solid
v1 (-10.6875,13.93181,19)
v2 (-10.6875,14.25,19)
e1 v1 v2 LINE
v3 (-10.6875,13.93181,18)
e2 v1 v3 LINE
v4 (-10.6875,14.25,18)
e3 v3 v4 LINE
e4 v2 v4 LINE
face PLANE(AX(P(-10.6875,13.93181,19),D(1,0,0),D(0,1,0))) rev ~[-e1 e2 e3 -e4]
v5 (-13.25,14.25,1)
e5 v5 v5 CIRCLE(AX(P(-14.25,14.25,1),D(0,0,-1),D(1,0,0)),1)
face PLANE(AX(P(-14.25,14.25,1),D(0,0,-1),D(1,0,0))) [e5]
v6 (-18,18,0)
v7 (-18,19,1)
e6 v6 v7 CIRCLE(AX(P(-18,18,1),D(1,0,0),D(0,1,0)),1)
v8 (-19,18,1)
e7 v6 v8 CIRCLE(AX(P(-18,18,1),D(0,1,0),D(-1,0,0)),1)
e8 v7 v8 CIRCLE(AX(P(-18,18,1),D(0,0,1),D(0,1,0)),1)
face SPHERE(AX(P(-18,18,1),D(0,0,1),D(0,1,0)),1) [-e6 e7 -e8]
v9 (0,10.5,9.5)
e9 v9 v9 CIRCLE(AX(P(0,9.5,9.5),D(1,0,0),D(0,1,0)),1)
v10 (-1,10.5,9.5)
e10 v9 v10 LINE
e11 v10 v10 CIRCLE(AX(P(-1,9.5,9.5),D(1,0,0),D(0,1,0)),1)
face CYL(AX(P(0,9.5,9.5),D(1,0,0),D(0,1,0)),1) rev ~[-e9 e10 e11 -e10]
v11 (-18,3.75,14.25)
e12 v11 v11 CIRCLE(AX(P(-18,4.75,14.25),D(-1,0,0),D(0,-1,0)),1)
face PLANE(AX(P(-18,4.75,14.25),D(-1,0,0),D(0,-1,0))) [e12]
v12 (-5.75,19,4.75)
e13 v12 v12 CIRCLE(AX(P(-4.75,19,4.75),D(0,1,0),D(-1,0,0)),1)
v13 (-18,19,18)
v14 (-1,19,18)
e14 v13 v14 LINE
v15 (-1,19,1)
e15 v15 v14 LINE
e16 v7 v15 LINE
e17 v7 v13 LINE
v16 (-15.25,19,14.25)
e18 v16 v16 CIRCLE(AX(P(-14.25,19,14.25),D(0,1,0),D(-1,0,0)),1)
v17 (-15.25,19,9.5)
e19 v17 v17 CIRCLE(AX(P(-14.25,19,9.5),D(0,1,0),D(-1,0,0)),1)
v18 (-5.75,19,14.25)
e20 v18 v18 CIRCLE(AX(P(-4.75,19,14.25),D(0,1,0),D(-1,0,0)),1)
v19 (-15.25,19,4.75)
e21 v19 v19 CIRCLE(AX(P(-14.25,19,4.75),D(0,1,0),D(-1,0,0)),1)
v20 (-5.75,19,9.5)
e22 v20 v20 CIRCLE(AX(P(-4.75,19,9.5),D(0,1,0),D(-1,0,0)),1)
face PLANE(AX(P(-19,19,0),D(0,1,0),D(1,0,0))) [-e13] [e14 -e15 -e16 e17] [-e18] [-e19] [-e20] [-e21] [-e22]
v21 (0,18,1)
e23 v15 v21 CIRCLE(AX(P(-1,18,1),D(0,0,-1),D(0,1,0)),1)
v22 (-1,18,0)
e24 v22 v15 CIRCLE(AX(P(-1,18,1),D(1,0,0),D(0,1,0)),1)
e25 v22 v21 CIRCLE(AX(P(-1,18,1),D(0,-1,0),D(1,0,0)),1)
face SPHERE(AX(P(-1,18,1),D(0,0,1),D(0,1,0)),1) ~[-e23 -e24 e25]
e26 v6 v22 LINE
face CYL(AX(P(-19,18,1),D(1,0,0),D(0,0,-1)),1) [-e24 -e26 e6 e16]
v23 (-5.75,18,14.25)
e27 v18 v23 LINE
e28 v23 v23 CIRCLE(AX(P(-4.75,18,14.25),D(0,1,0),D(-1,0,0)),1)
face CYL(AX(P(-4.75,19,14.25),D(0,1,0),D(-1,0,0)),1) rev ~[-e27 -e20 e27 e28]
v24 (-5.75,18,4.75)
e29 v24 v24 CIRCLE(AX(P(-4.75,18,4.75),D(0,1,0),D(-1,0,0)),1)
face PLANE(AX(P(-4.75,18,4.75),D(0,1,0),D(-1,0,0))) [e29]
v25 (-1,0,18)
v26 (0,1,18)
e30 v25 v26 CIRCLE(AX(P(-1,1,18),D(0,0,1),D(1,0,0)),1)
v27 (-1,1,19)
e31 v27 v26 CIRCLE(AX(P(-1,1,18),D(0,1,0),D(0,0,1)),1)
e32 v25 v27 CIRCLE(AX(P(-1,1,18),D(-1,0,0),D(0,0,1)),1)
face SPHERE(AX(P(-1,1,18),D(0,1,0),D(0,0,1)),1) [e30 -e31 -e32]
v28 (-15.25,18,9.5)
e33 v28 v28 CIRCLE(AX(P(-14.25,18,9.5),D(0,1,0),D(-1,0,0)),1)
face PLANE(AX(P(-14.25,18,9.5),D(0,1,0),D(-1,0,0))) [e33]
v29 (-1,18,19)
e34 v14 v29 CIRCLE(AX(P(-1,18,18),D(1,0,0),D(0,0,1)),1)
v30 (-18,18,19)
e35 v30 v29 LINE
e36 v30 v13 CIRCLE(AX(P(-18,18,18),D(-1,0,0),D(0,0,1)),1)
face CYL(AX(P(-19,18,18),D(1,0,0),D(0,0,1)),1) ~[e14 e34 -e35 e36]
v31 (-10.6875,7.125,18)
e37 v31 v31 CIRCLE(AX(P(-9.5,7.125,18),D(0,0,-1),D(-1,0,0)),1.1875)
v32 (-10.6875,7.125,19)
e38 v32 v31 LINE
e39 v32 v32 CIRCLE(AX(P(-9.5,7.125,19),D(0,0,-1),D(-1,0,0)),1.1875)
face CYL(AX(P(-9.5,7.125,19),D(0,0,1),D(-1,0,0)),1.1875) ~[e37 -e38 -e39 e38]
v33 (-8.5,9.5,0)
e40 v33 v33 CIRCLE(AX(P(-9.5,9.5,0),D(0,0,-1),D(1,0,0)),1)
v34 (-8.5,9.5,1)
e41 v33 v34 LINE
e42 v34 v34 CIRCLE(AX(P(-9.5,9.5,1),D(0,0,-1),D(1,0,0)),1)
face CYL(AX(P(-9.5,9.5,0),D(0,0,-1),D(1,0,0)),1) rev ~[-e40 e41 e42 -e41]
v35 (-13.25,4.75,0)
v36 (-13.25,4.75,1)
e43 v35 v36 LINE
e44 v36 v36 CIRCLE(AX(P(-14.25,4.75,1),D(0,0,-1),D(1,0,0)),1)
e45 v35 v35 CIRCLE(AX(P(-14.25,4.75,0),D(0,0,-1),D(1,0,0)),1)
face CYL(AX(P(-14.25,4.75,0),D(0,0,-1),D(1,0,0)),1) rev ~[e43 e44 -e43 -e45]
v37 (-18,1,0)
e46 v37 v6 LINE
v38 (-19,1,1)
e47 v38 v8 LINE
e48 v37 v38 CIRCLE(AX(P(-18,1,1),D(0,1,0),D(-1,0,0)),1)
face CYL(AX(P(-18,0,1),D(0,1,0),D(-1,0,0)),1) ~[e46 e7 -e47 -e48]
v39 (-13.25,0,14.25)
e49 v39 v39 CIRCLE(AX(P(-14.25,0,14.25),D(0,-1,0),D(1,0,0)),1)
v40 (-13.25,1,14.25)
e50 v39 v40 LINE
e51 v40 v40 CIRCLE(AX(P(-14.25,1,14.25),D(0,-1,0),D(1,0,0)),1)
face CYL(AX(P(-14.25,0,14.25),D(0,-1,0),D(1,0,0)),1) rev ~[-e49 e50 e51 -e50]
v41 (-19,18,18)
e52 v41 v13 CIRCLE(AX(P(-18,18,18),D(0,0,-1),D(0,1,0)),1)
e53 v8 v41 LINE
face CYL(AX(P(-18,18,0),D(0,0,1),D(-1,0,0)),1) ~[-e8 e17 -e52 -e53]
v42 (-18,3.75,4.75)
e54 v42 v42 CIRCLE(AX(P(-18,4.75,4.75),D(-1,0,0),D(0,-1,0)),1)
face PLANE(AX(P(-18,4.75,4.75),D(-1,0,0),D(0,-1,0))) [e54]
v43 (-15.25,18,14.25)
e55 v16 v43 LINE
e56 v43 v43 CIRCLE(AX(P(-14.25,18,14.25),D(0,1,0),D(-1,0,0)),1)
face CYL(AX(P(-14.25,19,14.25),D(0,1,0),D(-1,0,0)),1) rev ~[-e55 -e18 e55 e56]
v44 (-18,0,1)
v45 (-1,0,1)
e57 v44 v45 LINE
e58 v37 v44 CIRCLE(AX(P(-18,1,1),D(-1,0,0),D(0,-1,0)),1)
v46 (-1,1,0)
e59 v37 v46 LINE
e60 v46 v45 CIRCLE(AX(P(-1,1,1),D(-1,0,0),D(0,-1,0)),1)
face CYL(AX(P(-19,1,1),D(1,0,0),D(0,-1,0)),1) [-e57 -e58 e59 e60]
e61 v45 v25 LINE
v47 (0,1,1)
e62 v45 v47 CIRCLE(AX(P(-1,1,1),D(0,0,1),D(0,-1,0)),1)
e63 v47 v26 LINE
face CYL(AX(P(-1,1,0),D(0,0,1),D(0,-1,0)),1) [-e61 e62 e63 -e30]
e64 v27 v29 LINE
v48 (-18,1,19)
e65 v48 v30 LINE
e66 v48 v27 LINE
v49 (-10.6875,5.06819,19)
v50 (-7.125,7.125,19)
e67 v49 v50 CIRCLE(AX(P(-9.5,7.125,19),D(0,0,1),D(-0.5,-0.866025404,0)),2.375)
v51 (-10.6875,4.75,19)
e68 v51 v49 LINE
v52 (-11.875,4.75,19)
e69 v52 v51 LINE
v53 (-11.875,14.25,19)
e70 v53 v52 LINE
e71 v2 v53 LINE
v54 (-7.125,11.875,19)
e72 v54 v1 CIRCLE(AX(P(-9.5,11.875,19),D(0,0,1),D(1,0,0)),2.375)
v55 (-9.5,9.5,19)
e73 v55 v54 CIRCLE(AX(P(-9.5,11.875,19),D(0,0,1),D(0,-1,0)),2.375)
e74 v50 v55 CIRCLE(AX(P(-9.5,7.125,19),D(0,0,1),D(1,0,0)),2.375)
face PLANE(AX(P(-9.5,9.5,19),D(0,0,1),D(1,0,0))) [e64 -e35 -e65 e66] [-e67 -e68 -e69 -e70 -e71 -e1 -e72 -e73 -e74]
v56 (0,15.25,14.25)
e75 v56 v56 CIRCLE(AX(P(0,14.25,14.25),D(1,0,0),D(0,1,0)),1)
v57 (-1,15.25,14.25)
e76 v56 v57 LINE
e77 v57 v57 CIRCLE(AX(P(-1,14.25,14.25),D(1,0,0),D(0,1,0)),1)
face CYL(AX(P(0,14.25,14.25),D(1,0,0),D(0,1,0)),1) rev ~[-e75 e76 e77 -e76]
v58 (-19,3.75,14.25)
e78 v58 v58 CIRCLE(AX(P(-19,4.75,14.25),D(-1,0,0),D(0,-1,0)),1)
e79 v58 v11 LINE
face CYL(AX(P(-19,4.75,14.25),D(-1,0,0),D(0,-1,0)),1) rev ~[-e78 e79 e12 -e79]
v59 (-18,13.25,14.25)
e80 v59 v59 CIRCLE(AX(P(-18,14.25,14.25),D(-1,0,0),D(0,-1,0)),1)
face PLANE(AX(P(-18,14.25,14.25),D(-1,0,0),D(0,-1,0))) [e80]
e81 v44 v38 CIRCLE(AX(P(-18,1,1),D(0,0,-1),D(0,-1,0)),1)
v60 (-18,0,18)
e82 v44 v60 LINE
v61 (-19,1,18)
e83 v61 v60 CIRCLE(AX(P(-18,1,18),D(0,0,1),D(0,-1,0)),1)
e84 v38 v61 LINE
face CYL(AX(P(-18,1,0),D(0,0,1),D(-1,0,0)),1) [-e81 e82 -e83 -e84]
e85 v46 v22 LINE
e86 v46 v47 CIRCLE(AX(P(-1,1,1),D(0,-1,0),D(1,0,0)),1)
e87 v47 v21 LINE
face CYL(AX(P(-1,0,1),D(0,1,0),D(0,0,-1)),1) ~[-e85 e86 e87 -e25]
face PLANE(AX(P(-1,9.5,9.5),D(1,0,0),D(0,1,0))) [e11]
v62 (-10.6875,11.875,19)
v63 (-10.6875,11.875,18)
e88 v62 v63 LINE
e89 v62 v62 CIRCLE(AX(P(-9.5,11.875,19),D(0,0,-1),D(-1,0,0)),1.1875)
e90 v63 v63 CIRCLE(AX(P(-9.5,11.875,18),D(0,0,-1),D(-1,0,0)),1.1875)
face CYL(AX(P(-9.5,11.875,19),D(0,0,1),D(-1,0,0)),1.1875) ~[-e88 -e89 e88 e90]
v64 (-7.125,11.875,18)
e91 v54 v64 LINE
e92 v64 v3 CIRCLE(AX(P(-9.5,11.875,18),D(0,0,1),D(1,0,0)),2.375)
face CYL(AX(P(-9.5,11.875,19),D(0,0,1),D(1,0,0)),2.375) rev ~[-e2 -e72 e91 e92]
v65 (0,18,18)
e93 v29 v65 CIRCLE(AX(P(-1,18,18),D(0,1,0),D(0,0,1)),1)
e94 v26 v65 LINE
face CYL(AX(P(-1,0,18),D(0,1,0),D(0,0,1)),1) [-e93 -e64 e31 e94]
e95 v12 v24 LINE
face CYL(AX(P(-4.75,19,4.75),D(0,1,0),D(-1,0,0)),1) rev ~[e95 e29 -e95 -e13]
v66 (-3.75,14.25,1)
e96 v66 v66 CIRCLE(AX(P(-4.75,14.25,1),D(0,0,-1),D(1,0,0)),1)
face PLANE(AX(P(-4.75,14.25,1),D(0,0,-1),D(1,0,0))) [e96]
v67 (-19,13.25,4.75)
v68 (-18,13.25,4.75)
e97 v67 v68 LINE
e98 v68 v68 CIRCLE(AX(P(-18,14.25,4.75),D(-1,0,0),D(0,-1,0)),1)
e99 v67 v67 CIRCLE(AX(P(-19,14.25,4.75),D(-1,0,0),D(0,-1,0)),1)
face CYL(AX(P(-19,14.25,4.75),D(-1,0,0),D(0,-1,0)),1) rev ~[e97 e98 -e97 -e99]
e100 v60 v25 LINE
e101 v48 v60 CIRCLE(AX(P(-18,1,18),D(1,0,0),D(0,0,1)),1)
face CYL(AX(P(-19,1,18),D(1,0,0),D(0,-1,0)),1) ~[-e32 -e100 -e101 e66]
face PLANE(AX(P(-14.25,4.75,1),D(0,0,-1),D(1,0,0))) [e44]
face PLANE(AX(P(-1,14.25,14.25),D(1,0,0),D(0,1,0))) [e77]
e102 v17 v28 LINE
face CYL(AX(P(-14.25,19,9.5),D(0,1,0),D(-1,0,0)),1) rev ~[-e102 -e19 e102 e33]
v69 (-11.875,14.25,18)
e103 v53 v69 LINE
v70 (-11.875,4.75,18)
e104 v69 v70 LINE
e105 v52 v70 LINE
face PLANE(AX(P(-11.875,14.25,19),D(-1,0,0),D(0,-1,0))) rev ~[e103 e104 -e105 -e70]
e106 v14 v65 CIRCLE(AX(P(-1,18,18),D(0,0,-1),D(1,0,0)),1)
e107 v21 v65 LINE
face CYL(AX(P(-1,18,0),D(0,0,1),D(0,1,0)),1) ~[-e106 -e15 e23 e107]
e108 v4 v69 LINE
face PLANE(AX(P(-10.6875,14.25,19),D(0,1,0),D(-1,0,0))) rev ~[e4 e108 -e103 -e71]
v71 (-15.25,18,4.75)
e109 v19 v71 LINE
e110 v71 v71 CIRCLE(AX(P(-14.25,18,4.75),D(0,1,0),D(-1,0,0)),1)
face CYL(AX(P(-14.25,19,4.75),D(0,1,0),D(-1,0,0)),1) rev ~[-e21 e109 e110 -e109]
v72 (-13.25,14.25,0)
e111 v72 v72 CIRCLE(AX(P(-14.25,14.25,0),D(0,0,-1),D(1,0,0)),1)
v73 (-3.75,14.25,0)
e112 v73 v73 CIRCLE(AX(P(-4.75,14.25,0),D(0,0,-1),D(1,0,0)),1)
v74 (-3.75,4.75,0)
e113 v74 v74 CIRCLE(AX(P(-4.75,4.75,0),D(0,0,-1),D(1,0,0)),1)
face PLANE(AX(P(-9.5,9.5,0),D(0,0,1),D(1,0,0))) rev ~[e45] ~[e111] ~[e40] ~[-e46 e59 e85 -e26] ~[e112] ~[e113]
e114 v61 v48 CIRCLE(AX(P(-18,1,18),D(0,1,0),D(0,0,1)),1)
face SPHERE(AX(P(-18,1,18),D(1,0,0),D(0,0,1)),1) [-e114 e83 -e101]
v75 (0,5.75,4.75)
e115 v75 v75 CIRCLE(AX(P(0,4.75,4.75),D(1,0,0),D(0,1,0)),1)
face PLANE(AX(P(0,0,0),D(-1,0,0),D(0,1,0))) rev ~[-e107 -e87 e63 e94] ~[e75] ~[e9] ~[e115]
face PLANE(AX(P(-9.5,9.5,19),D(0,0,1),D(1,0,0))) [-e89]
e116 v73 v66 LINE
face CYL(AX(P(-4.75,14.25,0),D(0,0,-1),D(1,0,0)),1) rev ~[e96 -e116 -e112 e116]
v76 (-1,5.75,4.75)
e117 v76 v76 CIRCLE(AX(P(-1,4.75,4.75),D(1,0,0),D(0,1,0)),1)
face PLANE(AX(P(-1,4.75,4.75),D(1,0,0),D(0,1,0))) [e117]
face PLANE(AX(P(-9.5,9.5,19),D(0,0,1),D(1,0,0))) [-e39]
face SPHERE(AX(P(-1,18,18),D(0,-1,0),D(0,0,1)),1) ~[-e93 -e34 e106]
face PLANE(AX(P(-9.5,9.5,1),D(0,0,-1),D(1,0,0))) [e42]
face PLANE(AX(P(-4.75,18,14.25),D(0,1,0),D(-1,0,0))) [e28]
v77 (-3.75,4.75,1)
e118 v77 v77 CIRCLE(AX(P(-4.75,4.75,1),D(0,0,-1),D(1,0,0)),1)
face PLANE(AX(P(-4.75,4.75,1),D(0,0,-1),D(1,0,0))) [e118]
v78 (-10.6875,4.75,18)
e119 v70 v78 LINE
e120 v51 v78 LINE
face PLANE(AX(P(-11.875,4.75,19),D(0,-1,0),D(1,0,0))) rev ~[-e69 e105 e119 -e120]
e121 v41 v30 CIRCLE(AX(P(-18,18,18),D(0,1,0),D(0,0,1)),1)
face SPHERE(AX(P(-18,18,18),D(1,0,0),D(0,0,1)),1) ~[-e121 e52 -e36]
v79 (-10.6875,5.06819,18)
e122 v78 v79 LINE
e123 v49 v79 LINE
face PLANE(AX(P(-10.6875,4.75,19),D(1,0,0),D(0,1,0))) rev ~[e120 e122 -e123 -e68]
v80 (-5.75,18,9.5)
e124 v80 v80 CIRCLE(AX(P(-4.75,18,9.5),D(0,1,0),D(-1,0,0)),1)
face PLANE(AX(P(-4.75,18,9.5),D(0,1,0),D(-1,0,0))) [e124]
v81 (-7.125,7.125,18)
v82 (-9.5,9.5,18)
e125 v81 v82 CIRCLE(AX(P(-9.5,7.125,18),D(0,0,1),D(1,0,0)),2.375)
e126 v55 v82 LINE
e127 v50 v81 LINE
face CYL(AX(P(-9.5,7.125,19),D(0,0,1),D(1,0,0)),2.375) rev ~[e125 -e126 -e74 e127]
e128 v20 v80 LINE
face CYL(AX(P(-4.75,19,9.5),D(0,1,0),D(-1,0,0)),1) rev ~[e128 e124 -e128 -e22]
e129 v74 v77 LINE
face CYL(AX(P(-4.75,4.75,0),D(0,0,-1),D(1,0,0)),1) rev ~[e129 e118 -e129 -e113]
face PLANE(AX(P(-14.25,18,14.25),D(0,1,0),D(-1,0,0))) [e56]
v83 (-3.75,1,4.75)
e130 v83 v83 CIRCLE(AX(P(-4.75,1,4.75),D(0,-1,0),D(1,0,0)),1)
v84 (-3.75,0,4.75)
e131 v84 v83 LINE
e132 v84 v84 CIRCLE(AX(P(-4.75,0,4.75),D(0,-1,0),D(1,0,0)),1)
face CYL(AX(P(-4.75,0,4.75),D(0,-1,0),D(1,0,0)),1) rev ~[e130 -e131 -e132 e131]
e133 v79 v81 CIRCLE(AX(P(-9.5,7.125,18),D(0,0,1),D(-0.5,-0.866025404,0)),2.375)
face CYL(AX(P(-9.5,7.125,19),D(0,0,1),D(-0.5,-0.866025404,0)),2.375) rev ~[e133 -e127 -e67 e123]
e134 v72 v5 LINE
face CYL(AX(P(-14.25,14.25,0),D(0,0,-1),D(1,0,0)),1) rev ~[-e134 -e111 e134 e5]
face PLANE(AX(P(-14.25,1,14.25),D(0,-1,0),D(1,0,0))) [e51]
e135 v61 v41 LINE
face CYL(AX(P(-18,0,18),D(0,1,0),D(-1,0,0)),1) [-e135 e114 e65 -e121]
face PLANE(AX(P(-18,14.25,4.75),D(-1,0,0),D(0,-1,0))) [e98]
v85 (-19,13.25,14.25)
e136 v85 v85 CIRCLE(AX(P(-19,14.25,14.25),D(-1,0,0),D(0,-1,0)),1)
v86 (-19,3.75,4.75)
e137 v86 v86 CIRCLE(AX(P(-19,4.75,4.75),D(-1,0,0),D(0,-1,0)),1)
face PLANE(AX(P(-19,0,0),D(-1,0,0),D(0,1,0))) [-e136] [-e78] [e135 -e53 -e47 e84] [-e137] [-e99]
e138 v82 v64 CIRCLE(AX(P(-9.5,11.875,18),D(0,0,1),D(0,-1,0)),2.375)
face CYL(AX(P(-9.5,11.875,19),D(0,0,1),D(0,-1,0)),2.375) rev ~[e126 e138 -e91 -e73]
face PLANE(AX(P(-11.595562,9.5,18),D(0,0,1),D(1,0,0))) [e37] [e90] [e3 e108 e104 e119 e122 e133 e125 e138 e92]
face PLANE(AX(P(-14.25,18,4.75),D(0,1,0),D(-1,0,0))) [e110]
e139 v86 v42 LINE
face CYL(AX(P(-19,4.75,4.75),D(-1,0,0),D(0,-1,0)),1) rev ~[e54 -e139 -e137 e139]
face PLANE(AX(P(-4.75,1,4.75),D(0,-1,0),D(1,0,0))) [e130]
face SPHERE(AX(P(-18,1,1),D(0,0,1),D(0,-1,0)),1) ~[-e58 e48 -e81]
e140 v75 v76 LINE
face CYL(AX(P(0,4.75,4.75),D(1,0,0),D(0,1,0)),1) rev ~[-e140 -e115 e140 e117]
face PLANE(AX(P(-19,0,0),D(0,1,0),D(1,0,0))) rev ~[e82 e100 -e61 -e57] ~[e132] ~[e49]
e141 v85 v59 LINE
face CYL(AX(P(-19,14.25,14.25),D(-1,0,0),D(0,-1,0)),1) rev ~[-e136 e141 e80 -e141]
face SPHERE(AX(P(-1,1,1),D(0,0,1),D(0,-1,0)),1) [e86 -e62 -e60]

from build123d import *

# Parameters (mm, degrees)
F0_W      = 19
F0_H      = 19
F1_DEPTH  = 19
F3_DEPTH  = 1
F4_R      = 1
F5_DEPTH  = 1
F6_R      = 1
F7_DEPTH  = 1
F8_R      = 1
F9_DEPTH  = 1
F10_R     = 1
F11_DEPTH = 1
F12_R     = 1
F13_DEPTH = 1
F14_R     = 1


with BuildPart() as f1:
    # F0 (on Top) → F1 (new body)
    with BuildSketch(Plane.XY):
        with Locations((-9.5, 9.5)):
            Rectangle(F0_W, F0_H)
    extrude(amount=F1_DEPTH)

    # F2 (on face) → F3 (cut)
    with BuildSketch(Plane.XY.offset(19)):
        with BuildLine():
            ThreePointArc((-10.6875, 9.818189666), (-11.556810334, 10.6875), (-11.875, 11.875))
            Line((-11.875, 11.875), (-11.875, 7.125))
            ThreePointArc((-11.875, 7.125), (-11.556810334, 8.3125), (-10.6875, 9.181810334))
            Line((-10.6875, 9.181810334), (-10.6875, 9.818189666))
        make_face()
        with BuildLine():
            ThreePointArc((-10.6875, 13.931810334), (-11.556810334, 13.0625), (-11.875, 11.875))
            ThreePointArc((-11.875, 11.875), (-11.556810334, 10.6875), (-10.6875, 9.818189666))
            Line((-10.6875, 9.818189666), (-10.6875, 11.875))
            Line((-10.6875, 11.875), (-10.6875, 13.931810334))
        make_face()
        with BuildLine():
            ThreePointArc((-7.125, 11.875), (-8.3125, 13.931810334), (-10.6875, 13.931810334))
            Line((-10.6875, 13.931810334), (-10.6875, 11.875))
            Line((-10.6875, 11.875), (-10.6875, 9.818189666))
            ThreePointArc((-10.6875, 9.818189666), (-10.1146952321, 9.5809261626), (-9.5, 9.5))
            ThreePointArc((-9.5, 9.5), (-7.8206213947, 10.1956213947), (-7.125, 11.875))
        make_face()
        with BuildLine():
            ThreePointArc((-8.3125, 11.875), (-9.5, 10.6875), (-10.6875, 11.875))
            ThreePointArc((-10.6875, 11.875), (-9.5, 13.0625), (-8.3125, 11.875))
        make_face(mode=Mode.SUBTRACT)
        with BuildLine():
            ThreePointArc((-9.5, 9.5), (-10.1146952321, 9.4190738374), (-10.6875, 9.181810334))
            Line((-10.6875, 9.181810334), (-10.6875, 7.125))
            Line((-10.6875, 7.125), (-10.6875, 5.068189666))
            ThreePointArc((-10.6875, 5.068189666), (-8.3125, 5.068189666), (-7.125, 7.125))
            ThreePointArc((-7.125, 7.125), (-7.8206213947, 8.8043786053), (-9.5, 9.5))
        make_face()
        with BuildLine():
            ThreePointArc((-8.3125, 7.125), (-9.5, 5.9375), (-10.6875, 7.125))
            ThreePointArc((-10.6875, 7.125), (-9.5, 8.3125), (-8.3125, 7.125))
        make_face(mode=Mode.SUBTRACT)
        with BuildLine():
            ThreePointArc((-10.6875, 9.181810334), (-11.556810334, 8.3125), (-11.875, 7.125))
            ThreePointArc((-11.875, 7.125), (-11.556810334, 5.9375), (-10.6875, 5.068189666))
            Line((-10.6875, 5.068189666), (-10.6875, 7.125))
            Line((-10.6875, 7.125), (-10.6875, 9.181810334))
        make_face()
        with BuildLine():
            ThreePointArc((-9.5, 9.5), (-10.1146952321, 9.5809261626), (-10.6875, 9.818189666))
            Line((-10.6875, 9.818189666), (-10.6875, 9.181810334))
            ThreePointArc((-10.6875, 9.181810334), (-10.1146952321, 9.4190738374), (-9.5, 9.5))
        make_face()
        with BuildLine():
            ThreePointArc((-10.6875, 5.068189666), (-11.556810334, 5.9375), (-11.875, 7.125))
            Line((-11.875, 7.125), (-11.875, 4.75))
            Line((-11.875, 4.75), (-10.6875, 4.75))
            Line((-10.6875, 4.75), (-10.6875, 5.068189666))
        make_face()
        with BuildLine():
            Line((-10.6875, 14.25), (-11.875, 14.25))
            Line((-11.875, 14.25), (-11.875, 11.875))
            ThreePointArc((-11.875, 11.875), (-11.556810334, 13.0625), (-10.6875, 13.931810334))
            Line((-10.6875, 13.931810334), (-10.6875, 14.25))
        make_face()
    extrude(amount=-F3_DEPTH, mode=Mode.SUBTRACT)

    # F4 (on face) → F5 (cut)
    with BuildSketch(Plane.XZ):
        with Locations((-14.25, 14.25)):
            Circle(F4_R)
        with Locations((-4.75, 4.75)):
            Circle(F4_R)
    extrude(amount=-F5_DEPTH, mode=Mode.SUBTRACT)

    # F6 (on face) → F7 (cut)
    with BuildSketch(Plane(origin=(0, 0, 0), x_dir=(1, 0, 0), z_dir=(0, 0, -1))):
        with Locations((-14.25, -4.75)):
            Circle(F6_R)
        with Locations((-9.5, -9.5)):
            Circle(F6_R)
        with Locations((-4.75, -4.75)):
            Circle(F6_R)
        with Locations((-4.75, -14.25)):
            Circle(F6_R)
        with Locations((-14.25, -14.25)):
            Circle(F6_R)
    extrude(amount=-F7_DEPTH, mode=Mode.SUBTRACT)

    # F8 (on face) → F9 (cut)
    with BuildSketch(Plane(origin=(0, 19, 0), x_dir=(-1, 0, 0), z_dir=(0, 1, 0))):
        with Locations((4.75, 14.25)):
            Circle(F8_R)
        with Locations((4.75, 9.5)):
            Circle(F8_R)
        with Locations((4.75, 4.75)):
            Circle(F8_R)
        with Locations((14.25, 4.75)):
            Circle(F8_R)
        with Locations((14.25, 9.5)):
            Circle(F8_R)
        with Locations((14.25, 14.25)):
            Circle(F8_R)
    extrude(amount=-F9_DEPTH, mode=Mode.SUBTRACT)

    # F10 (on face) → F11 (cut)
    with BuildSketch(Plane.YZ):
        with Locations((4.75, 4.75)):
            Circle(F10_R)
        with Locations((9.5, 9.5)):
            Circle(F10_R)
        with Locations((14.25, 14.25)):
            Circle(F10_R)
    extrude(amount=-F11_DEPTH, mode=Mode.SUBTRACT)

    # F12 (on face) → F13 (cut)
    with BuildSketch(Plane(origin=(-19, 0, 0), x_dir=(0, -1, 0), z_dir=(-1, 0, 0))):
        with Locations((-14.25, 14.25)):
            Circle(F12_R)
        with Locations((-4.75, 14.25)):
            Circle(F12_R)
        with Locations((-14.25, 4.75)):
            Circle(F12_R)
        with Locations((-4.75, 4.75)):
            Circle(F12_R)
    extrude(amount=-F13_DEPTH, mode=Mode.SUBTRACT)

    # F14
    f14_edges = [f1.edges().sort_by_distance(p)[0] for p in [
        (0, 9.5, 19),
        (-9.5, 19, 19),
        (-9.5, 0, 19),
        (-19, 9.5, 19),
        (-19, 0, 9.5),
        (-19, 19, 9.5),
        (0, 19, 9.5),
        (0, 0, 9.5),
        (-9.5, 0, 0),
        (-9.5, 19, 0),
        (-19, 9.5, 0),
        (0, 9.5, 0),
    ]]
    fillet(f14_edges, radius=F14_R)


solid = f1.part
